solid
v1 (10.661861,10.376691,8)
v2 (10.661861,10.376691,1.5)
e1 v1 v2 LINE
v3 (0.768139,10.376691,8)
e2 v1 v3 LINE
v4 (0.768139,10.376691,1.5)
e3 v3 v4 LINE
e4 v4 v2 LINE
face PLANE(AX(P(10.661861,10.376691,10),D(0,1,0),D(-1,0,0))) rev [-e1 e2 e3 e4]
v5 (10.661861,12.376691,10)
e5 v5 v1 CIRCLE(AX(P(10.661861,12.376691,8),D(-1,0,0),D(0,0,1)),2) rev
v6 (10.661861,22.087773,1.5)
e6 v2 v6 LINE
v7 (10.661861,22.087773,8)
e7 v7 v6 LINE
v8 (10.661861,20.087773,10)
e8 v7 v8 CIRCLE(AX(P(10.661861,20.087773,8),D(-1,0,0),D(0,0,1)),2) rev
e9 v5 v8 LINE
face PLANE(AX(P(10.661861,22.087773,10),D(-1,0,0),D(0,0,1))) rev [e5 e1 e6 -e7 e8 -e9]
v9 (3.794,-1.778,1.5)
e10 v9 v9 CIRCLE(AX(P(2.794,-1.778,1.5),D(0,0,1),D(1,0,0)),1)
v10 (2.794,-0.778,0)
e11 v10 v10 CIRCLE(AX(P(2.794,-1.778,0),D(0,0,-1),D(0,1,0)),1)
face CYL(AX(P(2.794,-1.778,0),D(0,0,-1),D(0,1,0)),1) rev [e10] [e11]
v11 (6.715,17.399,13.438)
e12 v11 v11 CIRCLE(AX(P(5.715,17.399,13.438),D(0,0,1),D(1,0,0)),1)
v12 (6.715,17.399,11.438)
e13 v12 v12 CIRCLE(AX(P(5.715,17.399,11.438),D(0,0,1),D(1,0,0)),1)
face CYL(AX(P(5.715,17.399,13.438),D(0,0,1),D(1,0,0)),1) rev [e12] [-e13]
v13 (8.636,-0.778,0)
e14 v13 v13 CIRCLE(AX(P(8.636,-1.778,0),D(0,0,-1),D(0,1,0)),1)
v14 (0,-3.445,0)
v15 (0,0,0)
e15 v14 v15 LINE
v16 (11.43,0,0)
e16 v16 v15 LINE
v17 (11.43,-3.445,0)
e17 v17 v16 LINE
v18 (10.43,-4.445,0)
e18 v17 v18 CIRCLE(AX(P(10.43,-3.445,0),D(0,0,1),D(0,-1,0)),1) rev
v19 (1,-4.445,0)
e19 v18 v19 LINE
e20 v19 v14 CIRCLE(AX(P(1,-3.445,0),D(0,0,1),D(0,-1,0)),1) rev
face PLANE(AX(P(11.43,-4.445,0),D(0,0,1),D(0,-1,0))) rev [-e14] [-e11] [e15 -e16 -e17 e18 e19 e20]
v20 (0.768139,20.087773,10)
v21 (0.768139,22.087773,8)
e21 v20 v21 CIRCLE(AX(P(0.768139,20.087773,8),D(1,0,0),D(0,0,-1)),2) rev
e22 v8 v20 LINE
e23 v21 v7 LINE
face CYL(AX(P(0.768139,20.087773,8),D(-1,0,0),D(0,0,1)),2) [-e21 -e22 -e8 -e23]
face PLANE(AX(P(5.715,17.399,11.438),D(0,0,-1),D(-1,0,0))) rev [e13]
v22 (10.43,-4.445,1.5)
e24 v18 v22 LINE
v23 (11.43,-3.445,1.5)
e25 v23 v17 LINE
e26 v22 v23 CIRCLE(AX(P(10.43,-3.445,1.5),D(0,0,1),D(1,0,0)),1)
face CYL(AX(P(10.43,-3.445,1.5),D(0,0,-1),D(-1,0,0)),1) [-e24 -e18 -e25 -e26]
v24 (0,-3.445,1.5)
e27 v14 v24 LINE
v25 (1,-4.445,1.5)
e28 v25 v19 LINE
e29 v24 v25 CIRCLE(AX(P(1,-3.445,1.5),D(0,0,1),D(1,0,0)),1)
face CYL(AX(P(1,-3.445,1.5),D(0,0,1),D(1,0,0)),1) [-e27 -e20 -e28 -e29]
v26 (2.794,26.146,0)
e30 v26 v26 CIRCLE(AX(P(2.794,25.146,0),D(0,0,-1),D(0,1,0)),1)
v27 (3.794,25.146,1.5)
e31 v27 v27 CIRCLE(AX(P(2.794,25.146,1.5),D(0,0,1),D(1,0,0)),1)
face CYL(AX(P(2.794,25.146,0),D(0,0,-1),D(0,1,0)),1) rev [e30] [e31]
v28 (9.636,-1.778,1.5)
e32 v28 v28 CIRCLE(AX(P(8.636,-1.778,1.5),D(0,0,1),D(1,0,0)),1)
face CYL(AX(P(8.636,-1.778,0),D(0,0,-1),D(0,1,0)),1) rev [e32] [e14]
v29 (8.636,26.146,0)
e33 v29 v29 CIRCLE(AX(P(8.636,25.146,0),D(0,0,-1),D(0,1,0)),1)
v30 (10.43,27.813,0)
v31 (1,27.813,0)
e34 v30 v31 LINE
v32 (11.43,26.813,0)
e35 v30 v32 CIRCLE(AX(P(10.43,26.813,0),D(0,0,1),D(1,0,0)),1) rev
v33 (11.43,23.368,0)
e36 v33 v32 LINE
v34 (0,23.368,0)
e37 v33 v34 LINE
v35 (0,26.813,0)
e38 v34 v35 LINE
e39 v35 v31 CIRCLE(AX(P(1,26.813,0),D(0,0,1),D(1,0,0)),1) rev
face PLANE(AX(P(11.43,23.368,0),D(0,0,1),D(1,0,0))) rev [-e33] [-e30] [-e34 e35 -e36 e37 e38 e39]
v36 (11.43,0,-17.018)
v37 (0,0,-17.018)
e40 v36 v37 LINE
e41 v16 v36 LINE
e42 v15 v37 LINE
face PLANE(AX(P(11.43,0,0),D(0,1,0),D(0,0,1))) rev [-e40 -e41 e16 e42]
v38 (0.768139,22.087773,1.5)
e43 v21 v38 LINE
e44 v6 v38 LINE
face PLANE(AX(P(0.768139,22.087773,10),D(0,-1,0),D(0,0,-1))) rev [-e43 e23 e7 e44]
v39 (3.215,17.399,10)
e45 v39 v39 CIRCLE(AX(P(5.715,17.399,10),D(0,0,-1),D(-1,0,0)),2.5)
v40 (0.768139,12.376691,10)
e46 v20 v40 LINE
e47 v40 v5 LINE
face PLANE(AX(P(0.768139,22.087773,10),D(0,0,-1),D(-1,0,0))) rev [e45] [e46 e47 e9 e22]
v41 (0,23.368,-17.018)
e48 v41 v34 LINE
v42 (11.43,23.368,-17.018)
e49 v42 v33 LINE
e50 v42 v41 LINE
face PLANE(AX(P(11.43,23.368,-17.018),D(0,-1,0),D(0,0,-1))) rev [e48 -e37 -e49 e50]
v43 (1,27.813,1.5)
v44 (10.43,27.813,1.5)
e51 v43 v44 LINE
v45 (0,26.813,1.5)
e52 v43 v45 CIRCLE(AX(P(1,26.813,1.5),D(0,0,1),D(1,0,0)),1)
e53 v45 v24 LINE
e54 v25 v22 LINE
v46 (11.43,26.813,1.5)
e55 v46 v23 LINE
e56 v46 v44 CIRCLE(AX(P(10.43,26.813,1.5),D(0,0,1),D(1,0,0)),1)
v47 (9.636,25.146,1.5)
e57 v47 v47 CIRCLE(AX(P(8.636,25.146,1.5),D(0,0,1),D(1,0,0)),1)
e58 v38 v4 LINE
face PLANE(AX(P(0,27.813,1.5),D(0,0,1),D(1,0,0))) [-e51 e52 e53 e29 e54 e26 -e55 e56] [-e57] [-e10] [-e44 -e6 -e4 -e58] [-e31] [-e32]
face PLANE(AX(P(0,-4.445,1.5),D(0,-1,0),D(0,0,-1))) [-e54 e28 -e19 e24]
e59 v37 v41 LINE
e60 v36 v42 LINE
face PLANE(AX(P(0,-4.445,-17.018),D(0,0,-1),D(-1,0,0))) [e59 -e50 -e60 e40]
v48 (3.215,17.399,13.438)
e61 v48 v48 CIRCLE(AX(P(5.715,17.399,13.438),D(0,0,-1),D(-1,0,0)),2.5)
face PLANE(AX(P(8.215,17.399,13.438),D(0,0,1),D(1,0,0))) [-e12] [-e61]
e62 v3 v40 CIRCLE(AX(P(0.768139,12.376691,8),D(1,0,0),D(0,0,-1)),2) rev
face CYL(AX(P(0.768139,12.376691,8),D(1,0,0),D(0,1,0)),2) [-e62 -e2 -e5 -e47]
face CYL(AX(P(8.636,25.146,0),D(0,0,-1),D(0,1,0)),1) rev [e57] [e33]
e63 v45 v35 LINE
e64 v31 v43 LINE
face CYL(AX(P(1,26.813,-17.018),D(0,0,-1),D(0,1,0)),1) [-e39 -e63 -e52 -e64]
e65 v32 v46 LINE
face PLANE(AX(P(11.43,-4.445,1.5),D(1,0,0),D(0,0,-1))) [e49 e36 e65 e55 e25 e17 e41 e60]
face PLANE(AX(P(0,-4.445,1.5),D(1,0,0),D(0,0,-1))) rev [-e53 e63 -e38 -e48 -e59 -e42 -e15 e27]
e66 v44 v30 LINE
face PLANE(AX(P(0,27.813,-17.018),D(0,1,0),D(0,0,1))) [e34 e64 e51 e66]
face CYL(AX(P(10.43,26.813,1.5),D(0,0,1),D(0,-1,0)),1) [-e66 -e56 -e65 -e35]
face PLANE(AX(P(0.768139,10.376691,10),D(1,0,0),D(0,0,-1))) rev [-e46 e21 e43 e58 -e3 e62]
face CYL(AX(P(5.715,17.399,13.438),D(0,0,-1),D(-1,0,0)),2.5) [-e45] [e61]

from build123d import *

# Parameters (mm, degrees)
ESQUISSE1_W                       = 18.518
ESQUISSE1_H                       = 32.258
BOSS_EXTRU_1_DEPTH                = 11.43
ESQUISSE2_W                       = 17.018000001
ESQUISSE2_H                       = 4.44499999
ENL_V_MAT_EXTRU_1_DEPTH           = 12.43
ESQUISSE3_W                       = 17.018000001
ESQUISSE3_H                       = 4.44499999
ENL_V_MAT_EXTRU_2_DEPTH           = 12.43
ESQUISSE4_W                       = 9.89372273
ESQUISSE4_H                       = 11.711081898
BOSS_EXTRU_2_DEPTH                = 8.5
ESQUISSE5_W                       = 2.5
ESQUISSE5_H                       = 3.438
DIAM_TRE_DU_PER_AGE_2_0_2_1_D     = 2
DIAM_TRE_DU_PER_AGE_2_0_2_1_DEPTH = 2
DIAM_TRE_DU_PER_AGE_2_0_2_2_D     = 2
DIAM_TRE_DU_PER_AGE_2_0_2_2_DEPTH = 13.438
CONG_1_R                          = 1
CONG_2_R                          = 2


with BuildPart() as part:
    # Esquisse1 → Boss.-Extru.1 (new body)
    with BuildSketch(Plane(origin=(11.43, 0, 0), x_dir=(0, 0, -1), z_dir=(1, 0, 0))):
        with Locations((7.759, 11.684)):
            Rectangle(ESQUISSE1_W, ESQUISSE1_H)
    extrude(amount=-BOSS_EXTRU_1_DEPTH)

    # Esquisse2 → Enlèv. mat.-Extru.1 (cut, through all)
    with BuildSketch(Plane.ZY):
        with Locations((-8.509, -2.222500005)):
            Rectangle(ESQUISSE2_W, ESQUISSE2_H)
    extrude(amount=-ENL_V_MAT_EXTRU_1_DEPTH, mode=Mode.SUBTRACT)

    # Esquisse3 → Enlèv. mat.-Extru.2 (cut, through all)
    with BuildSketch(Plane.ZY):
        with Locations((-8.509, 25.590500005)):
            Rectangle(ESQUISSE3_W, ESQUISSE3_H)
    extrude(amount=-ENL_V_MAT_EXTRU_2_DEPTH, mode=Mode.SUBTRACT)

    # Esquisse4 → Boss.-Extru.2 (add)
    with BuildSketch(Plane.XY.offset(1.5)):
        with Locations((5.715, 16.232232421)):
            Rectangle(ESQUISSE4_W, ESQUISSE4_H)
    extrude(amount=BOSS_EXTRU_2_DEPTH)

    # Esquisse5 → Révolution1 (revolve)
    with BuildSketch(Plane.XZ.offset(-17.399)):
        with Locations((6.965, 11.719)):
            Rectangle(ESQUISSE5_W, ESQUISSE5_H)
    revolve(axis=Axis((5.715, 17.399, 13.438), (0, 0, -1)))

    # Diamètre du perçage Ø2.0 (2)1
    with Locations(Plane.XY.offset(13.438)):
        with Locations((5.715, 17.399)):
            Hole(DIAM_TRE_DU_PER_AGE_2_0_2_1_D / 2, depth=DIAM_TRE_DU_PER_AGE_2_0_2_1_DEPTH)

    # Diamètre du perçage Ø2.0 (2)2
    with Locations(Plane(origin=(0, 0, 0), x_dir=(-1, 0, 0), z_dir=(0, 0, -1))):
        with Locations((-2.794, -1.778), (-8.636, -1.778), (-8.636, 25.146), (-2.794, 25.146)):
            Hole(DIAM_TRE_DU_PER_AGE_2_0_2_2_D / 2, depth=DIAM_TRE_DU_PER_AGE_2_0_2_2_DEPTH)

    # Congé1
    cong_1_edges = [part.edges().sort_by_distance(p)[0] for p in [
        (11.43, 27.813, 0.750000001),
        (0, 27.813, 0.750000001),
        (11.43, -4.445, 0.750000001),
        (0, -4.445, 0.750000001),
    ]]
    fillet(cong_1_edges, radius=CONG_1_R)

    # Congé2
    cong_2_edges = [part.edges().sort_by_distance(p)[0] for p in [
        (5.715, 10.376691472, 10),
        (5.715, 22.08777337, 10),
    ]]
    fillet(cong_2_edges, radius=CONG_2_R)


solid = part.part
